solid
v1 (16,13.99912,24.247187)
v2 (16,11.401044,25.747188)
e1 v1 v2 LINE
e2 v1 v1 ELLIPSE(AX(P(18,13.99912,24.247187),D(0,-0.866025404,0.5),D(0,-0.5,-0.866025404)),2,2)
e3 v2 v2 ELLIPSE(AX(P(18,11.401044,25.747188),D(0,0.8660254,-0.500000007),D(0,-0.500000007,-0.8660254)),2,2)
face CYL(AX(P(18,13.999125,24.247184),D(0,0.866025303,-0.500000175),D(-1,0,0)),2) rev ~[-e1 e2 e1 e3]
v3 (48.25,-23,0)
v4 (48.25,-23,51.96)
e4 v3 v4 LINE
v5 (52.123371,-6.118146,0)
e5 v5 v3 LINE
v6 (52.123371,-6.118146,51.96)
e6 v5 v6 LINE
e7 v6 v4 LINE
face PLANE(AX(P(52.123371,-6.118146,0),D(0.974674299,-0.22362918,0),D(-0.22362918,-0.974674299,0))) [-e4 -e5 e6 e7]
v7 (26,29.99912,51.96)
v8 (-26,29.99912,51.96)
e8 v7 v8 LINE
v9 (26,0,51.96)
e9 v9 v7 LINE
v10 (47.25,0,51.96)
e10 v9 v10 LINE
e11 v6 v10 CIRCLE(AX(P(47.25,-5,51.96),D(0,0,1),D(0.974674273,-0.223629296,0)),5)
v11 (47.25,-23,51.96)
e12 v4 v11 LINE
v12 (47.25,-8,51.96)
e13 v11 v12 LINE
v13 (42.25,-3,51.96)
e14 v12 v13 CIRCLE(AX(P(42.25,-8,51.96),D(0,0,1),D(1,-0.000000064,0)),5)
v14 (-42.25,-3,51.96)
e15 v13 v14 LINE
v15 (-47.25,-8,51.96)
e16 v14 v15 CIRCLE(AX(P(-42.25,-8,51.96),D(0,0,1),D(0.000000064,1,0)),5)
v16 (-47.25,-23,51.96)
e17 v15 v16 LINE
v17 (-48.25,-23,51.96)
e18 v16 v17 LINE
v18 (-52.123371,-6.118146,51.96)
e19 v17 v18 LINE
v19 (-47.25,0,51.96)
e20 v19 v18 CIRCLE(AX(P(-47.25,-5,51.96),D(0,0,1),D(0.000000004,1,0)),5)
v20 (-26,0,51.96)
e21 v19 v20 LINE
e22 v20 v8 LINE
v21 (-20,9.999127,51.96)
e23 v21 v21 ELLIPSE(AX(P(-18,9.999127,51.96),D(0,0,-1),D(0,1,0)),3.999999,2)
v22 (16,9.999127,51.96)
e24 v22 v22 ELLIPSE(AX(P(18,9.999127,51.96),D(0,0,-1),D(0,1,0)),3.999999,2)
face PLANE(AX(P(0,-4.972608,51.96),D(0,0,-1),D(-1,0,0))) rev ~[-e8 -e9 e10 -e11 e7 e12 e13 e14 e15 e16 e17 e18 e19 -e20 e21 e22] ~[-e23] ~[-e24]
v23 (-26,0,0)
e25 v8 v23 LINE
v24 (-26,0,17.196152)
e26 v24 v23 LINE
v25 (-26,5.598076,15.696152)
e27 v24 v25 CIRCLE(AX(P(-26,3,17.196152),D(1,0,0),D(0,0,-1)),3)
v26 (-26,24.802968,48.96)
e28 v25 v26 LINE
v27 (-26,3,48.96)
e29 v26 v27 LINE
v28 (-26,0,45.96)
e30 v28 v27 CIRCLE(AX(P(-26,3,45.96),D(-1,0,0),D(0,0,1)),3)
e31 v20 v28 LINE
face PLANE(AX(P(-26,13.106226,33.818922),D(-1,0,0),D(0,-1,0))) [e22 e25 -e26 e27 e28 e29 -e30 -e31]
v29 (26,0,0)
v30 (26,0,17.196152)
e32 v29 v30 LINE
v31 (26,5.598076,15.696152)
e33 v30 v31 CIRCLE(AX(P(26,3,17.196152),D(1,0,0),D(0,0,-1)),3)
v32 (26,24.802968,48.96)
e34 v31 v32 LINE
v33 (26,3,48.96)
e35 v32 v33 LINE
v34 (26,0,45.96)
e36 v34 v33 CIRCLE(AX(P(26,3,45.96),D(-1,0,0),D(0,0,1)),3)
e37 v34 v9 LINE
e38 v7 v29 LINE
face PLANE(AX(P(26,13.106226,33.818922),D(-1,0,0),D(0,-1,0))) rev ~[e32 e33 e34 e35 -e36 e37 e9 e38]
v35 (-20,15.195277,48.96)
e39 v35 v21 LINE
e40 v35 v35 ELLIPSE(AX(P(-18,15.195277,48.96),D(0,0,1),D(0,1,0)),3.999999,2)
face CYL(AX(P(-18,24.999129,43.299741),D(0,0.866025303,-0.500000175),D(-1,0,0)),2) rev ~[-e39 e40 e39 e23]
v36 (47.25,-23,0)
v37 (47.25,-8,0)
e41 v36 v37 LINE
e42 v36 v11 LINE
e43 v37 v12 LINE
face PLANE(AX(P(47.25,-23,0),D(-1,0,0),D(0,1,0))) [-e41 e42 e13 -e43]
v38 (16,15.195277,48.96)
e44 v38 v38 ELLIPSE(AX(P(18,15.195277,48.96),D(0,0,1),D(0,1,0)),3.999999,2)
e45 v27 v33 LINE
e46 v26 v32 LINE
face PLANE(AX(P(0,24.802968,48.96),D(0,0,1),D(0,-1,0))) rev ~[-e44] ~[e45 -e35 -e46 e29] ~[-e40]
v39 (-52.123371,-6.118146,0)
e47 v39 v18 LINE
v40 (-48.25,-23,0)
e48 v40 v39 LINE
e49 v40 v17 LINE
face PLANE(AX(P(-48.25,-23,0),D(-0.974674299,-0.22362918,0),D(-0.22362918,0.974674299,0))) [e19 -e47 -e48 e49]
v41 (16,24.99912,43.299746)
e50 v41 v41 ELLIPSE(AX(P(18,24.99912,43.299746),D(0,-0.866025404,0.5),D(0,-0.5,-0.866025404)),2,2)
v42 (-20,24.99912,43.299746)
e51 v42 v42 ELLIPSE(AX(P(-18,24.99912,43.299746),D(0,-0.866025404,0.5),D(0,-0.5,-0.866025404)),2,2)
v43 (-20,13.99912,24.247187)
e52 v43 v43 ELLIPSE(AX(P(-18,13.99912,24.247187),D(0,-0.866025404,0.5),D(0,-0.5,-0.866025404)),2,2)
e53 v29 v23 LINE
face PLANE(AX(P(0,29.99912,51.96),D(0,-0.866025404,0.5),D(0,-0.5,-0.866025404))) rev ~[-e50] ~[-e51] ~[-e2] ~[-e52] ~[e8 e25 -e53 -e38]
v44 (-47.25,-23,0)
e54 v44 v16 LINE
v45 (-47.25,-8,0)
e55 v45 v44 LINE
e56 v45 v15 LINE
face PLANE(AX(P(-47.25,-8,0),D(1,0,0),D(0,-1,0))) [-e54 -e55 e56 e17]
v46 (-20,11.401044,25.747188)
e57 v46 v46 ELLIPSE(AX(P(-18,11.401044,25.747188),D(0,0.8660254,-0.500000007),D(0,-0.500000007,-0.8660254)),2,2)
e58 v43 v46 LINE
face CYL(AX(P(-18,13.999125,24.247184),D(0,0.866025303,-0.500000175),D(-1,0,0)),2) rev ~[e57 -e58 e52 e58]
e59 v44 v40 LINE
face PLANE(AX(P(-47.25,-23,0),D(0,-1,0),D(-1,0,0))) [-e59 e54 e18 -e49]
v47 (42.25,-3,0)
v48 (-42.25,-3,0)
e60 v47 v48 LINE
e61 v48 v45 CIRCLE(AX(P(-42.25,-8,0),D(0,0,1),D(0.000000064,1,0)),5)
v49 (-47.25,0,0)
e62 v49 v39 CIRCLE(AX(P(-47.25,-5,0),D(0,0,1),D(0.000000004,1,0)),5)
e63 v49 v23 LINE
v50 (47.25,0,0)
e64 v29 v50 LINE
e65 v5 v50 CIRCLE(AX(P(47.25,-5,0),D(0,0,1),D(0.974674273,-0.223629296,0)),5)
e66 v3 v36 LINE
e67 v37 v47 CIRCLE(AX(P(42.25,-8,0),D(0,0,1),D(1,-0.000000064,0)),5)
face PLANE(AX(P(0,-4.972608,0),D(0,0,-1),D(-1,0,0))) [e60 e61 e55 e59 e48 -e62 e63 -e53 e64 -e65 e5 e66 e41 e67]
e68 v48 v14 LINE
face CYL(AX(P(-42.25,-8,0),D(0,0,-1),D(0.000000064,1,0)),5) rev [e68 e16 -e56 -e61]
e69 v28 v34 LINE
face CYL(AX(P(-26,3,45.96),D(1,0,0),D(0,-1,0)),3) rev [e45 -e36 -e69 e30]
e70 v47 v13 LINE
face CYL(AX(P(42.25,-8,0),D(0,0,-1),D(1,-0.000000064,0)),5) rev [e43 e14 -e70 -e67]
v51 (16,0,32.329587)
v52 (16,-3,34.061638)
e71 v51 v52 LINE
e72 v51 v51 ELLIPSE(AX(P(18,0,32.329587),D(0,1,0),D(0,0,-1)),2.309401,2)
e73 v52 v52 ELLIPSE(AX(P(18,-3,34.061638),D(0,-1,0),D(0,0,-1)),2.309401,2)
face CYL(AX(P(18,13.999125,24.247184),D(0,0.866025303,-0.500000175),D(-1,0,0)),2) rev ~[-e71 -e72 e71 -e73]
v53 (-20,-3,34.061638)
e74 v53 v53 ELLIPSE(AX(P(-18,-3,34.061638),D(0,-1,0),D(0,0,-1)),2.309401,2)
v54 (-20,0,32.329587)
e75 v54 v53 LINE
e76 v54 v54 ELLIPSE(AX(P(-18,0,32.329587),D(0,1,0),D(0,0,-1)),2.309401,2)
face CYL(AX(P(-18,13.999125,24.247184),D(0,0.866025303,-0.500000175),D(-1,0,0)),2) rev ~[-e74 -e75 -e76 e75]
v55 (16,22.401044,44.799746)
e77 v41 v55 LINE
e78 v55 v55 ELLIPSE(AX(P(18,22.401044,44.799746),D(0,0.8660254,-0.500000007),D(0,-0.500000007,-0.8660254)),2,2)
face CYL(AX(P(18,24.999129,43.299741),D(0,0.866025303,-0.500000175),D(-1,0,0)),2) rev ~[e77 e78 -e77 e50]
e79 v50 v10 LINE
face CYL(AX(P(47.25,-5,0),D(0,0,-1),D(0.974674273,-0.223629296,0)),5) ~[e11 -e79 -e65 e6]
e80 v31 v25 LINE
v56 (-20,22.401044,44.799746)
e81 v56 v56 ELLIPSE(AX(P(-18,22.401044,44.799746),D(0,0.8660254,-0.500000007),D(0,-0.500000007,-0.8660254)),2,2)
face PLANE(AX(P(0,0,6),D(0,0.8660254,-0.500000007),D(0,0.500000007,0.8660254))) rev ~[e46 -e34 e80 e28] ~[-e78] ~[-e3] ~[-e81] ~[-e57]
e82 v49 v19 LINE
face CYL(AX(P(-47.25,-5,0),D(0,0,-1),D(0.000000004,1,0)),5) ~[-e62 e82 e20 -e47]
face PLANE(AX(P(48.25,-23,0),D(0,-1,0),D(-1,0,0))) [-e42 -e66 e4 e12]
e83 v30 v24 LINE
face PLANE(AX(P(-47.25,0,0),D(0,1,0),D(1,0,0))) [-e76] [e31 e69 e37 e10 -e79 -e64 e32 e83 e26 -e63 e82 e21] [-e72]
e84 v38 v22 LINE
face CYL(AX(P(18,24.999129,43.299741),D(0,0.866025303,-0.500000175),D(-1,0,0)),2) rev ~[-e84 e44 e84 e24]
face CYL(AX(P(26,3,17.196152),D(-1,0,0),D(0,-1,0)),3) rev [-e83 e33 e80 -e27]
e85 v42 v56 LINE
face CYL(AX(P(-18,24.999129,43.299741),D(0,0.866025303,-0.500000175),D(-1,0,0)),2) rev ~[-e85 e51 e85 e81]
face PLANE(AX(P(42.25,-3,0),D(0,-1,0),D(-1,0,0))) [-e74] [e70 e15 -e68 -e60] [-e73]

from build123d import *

# Parameters (mm, degrees)
PAD_DEPTH    = 51.96
PAD001_DEPTH = 26
SKETCH002_R  = 2
POCKET_DEPTH = 45.899584
FILLET_R     = 3


with BuildPart() as part:
    # Sketch → Pad (new body)
    with BuildSketch(Plane.XY):
        with BuildLine():
            Line((-48.25, -23), (-52.123371, -6.118146))
            ThreePointArc((-47.25, 0), (-51.160929, -1.884774), (-52.123371, -6.118146))
            Line((-47.25, 0), (47.25, 0))
            ThreePointArc((52.123371, -6.118146), (51.160929, -1.884774), (47.25, 0))
            Line((52.123371, -6.118146), (48.25, -23))
            Line((48.25, -23), (47.25, -23))
            Line((47.25, -23), (47.25, -8))
            ThreePointArc((47.25, -8), (45.785534, -4.464466), (42.25, -3))
            Line((42.25, -3), (-42.25, -3))
            ThreePointArc((-42.25, -3), (-45.785534, -4.464466), (-47.25, -8))
            Line((-47.25, -8), (-47.25, -23))
            Line((-47.25, -23), (-48.25, -23))
        make_face()
    extrude(amount=PAD_DEPTH)

    # Sketch001 → Pad001 (join, symmetric)
    with BuildSketch(Plane.YZ):
        Polygon((0, 51.96), (29.99912, 51.96), (0, 0), (0, 6), (24.802968, 48.96), (0, 48.96), align=None)
    extrude(amount=PAD001_DEPTH, both=True)

    # Sketch002 (on Face15 of Pad001) → Pocket (cut, through all)
    with BuildSketch(Plane(origin=(0, 0, 0), x_dir=(-1, 0, 0), z_dir=(0, 0.866025, -0.5))):
        with Locations((-18, 49.99824)):
            Circle(SKETCH002_R)
        with Locations((18, 49.99824)):
            Circle(SKETCH002_R)
        with Locations((-18, 27.99824)):
            Circle(SKETCH002_R)
        with Locations((18, 27.99824)):
            Circle(SKETCH002_R)
    extrude(amount=-POCKET_DEPTH, mode=Mode.SUBTRACT)

    # Fillet
    fillet_edges = [part.edges().sort_by_distance(p)[0] for p in [
        (0, 0, 48.96),
        (0, 0, 6),
    ]]
    fillet(fillet_edges, radius=FILLET_R)


solid = part.part
